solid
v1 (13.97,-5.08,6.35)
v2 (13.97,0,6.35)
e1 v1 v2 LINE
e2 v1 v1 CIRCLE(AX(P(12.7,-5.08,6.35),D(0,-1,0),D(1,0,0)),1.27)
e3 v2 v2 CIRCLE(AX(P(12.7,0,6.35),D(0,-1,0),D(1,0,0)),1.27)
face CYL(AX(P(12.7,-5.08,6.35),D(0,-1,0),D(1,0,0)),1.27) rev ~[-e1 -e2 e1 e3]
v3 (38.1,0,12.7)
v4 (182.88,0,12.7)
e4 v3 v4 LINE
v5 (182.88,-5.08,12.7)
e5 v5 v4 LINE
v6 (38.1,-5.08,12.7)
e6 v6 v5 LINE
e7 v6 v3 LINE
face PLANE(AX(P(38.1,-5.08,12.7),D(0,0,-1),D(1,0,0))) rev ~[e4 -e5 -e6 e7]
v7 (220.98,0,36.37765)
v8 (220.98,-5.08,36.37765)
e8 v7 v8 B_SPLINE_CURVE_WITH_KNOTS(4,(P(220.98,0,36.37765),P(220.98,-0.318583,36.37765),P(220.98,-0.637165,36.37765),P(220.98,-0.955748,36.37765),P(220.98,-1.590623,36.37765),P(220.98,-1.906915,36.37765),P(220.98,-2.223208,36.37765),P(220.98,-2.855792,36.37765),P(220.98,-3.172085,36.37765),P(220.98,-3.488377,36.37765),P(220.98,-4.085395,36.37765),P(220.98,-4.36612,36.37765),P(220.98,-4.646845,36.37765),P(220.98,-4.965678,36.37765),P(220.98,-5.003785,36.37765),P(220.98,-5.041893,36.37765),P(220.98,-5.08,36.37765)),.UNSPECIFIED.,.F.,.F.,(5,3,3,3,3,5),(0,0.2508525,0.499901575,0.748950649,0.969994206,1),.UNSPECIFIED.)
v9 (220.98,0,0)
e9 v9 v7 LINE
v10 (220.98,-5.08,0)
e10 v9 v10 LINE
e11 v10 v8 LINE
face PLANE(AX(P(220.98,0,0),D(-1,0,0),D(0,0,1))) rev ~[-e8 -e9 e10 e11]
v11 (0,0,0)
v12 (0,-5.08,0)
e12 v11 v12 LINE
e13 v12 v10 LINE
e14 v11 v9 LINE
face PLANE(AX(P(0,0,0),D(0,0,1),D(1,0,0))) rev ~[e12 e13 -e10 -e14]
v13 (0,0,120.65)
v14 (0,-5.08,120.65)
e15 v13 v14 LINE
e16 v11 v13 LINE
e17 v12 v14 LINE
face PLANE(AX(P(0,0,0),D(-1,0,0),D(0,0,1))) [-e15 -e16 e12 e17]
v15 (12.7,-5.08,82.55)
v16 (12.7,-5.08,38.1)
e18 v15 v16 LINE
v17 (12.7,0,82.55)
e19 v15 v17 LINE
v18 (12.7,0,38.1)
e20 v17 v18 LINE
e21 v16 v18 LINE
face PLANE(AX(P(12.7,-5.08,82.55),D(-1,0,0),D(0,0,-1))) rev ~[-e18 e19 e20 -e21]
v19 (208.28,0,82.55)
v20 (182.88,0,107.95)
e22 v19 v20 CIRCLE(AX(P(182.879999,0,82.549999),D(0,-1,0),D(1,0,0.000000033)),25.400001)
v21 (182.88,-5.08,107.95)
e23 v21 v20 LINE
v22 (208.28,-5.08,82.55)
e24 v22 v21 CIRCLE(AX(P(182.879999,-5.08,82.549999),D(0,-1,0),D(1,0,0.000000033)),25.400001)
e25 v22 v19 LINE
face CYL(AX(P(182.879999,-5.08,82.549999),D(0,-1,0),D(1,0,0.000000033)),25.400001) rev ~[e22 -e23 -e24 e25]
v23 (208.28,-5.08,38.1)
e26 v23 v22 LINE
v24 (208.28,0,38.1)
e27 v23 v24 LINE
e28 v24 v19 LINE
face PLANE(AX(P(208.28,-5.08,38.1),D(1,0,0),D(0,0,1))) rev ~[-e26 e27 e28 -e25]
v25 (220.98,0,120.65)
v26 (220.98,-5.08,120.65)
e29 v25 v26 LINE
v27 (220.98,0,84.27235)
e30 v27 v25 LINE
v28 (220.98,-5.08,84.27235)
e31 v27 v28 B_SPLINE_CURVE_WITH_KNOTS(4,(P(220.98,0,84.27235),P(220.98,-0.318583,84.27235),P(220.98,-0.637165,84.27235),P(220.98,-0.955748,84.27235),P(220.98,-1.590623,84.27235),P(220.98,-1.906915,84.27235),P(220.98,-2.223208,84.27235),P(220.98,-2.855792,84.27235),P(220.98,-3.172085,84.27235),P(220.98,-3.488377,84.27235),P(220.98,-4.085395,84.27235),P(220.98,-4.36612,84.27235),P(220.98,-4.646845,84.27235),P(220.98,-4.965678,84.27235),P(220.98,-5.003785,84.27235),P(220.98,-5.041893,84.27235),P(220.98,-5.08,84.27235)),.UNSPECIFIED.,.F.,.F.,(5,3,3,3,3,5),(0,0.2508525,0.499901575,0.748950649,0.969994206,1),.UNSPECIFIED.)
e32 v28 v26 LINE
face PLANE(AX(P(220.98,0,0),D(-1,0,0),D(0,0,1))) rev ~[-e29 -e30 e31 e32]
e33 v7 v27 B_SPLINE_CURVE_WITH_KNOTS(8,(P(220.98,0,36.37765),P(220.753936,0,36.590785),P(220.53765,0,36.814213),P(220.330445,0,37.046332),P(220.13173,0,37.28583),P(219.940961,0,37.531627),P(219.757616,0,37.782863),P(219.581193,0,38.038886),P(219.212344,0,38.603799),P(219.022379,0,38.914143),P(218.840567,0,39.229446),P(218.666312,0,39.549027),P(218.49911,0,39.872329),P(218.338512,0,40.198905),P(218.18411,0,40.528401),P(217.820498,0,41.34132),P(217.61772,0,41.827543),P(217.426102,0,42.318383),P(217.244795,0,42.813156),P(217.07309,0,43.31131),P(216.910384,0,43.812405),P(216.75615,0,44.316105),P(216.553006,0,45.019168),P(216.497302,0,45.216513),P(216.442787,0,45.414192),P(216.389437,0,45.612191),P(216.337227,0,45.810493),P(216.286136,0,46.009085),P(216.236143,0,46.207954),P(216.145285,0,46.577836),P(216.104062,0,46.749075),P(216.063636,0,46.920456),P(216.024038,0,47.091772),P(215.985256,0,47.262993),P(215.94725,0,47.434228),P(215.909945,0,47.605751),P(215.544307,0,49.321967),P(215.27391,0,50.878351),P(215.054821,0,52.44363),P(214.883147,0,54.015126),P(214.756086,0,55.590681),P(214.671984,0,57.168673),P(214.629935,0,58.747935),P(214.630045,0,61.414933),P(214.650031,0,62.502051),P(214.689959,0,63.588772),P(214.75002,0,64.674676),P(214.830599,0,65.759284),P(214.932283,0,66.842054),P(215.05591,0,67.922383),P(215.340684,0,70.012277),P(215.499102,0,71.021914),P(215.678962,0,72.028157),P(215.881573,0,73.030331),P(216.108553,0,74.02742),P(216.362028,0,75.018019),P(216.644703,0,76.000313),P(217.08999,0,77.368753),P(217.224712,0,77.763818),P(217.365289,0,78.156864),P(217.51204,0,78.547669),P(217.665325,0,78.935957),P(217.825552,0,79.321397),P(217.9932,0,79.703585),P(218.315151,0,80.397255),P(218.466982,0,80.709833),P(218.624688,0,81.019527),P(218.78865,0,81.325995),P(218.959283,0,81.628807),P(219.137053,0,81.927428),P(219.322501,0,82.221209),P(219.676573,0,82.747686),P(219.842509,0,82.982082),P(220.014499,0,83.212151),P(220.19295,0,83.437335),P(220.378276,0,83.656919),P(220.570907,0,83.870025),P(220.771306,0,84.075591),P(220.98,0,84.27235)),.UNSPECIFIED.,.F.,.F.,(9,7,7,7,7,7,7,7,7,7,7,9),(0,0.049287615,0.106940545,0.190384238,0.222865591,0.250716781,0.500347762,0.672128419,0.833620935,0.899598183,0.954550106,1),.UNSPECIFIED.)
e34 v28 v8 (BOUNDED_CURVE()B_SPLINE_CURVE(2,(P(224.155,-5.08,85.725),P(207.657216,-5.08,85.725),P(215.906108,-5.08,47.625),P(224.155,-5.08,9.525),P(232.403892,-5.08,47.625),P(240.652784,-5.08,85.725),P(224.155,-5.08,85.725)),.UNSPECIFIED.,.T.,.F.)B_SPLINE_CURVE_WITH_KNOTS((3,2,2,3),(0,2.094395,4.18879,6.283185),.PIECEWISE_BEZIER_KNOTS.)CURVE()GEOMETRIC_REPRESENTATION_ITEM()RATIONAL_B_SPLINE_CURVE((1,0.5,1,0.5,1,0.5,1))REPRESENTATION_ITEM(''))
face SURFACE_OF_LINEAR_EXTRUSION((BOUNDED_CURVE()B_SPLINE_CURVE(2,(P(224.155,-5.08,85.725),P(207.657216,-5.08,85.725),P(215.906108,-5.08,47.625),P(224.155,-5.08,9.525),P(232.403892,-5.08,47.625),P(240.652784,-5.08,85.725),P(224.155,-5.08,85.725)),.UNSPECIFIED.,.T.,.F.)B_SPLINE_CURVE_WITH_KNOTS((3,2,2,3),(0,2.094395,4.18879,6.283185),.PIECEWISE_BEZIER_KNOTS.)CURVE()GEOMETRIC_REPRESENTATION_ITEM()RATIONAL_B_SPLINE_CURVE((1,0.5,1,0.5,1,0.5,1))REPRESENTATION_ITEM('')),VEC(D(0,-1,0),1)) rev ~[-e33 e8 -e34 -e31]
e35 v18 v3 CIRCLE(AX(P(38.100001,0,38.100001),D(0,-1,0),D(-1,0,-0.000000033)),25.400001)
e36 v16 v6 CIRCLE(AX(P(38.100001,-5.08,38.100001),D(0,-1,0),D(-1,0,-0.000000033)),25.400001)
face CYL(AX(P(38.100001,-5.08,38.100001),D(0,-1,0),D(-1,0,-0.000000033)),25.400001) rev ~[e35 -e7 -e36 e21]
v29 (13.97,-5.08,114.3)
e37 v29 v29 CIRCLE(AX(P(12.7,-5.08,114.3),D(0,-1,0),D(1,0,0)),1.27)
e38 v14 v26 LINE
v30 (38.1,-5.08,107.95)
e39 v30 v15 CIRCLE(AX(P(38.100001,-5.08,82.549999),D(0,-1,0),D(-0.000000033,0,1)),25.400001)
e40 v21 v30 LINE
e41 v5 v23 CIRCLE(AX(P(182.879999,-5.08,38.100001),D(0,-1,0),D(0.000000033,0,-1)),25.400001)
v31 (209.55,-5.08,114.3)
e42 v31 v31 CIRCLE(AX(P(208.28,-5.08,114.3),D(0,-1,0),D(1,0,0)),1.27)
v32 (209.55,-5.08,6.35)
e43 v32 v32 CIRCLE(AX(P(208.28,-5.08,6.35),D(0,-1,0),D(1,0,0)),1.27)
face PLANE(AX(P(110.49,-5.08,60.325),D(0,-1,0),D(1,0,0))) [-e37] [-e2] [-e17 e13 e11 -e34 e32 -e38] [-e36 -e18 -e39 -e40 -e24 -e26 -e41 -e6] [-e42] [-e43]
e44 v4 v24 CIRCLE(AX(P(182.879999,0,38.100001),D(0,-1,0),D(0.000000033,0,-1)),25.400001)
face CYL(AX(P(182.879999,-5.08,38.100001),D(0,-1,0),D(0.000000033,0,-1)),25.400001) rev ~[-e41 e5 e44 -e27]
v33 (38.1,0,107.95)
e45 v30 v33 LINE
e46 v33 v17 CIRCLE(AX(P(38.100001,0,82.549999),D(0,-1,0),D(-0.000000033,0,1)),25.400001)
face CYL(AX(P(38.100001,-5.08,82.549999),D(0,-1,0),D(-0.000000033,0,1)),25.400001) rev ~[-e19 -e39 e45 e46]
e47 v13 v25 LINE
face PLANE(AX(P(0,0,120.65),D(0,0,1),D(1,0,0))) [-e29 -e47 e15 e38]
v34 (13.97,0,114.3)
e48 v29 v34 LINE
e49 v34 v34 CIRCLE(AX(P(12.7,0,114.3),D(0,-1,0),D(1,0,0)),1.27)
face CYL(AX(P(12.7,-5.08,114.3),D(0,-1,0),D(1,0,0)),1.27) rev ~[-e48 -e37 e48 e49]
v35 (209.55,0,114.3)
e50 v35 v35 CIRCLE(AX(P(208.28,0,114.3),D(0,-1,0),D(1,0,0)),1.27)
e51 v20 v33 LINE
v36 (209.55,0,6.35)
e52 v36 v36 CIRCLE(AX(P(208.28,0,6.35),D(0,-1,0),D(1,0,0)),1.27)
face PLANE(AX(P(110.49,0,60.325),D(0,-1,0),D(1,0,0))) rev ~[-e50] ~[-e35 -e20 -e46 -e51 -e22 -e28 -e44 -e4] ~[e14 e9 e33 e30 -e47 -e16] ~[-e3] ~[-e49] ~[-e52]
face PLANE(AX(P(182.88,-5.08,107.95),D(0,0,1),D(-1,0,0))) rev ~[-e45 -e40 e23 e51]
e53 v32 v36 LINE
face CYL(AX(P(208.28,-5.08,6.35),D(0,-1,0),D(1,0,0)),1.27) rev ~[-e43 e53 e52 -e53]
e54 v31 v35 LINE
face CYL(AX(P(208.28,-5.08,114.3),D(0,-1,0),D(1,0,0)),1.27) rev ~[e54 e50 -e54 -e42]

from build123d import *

# Parameters (mm, degrees)
F0_W     = 220.98
F0_H     = 120.65
F1_DEPTH = 5.08
F3_DEPTH = 5.081
F4_R     = 1.27
F5_DEPTH = 5.081


with BuildPart() as f1:
    # F0 (on Front) → F1 (new body)
    with BuildSketch(Plane.XZ):
        with Locations((110.49, 60.325)):
            Rectangle(F0_W, F0_H)
    extrude(amount=F1_DEPTH)

    # F2 (on face) → F3 (cut, through all)
    with BuildSketch(Plane.XZ.offset(5.08)):
        with BuildLine():
            Line((12.7, 82.55), (12.7, 38.1))
            ThreePointArc((12.7, 38.1), (20.139488, 20.139488), (38.1, 12.7))
            Line((38.1, 12.7), (182.88, 12.7))
            ThreePointArc((182.88, 12.7), (200.840512, 20.139488), (208.28, 38.1))
            Line((208.28, 38.1), (208.28, 82.55))
            ThreePointArc((208.28, 82.55), (200.840512, 100.510512), (182.88, 107.95))
            Line((182.88, 107.95), (38.1, 107.95))
            ThreePointArc((38.1, 107.95), (20.139488, 100.510512), (12.7, 82.55))
        make_face()
    extrude(amount=-F3_DEPTH, mode=Mode.SUBTRACT)

    # F4 (on face) → F5 (cut, through all)
    with BuildSketch(Plane.XZ.offset(5.08)):
        with Locations((12.7, 114.3)):
            Circle(F4_R)
        with Locations((12.7, 6.35)):
            Circle(F4_R)
        with Locations((208.28, 114.3)):
            Circle(F4_R)
        with Locations((208.28, 6.35)):
            Circle(F4_R)
        with BuildLine():
            add(Edge.make_bspline(
                [(224.155, 85.725), (207.657216, 85.725), (215.906108, 47.625), (224.155, 9.525), (232.403892, 47.625), (240.652784, 85.725), (224.155, 85.725)],
                knots=[0, 0, 0, 2.094395, 2.094395, 4.18879, 4.18879, 6.283185, 6.283185, 6.283185], degree=2, weights=[1, 0.5, 1, 0.5, 1, 0.5, 1]))
        make_face()
    extrude(amount=-F5_DEPTH, mode=Mode.SUBTRACT)


solid = f1.part
